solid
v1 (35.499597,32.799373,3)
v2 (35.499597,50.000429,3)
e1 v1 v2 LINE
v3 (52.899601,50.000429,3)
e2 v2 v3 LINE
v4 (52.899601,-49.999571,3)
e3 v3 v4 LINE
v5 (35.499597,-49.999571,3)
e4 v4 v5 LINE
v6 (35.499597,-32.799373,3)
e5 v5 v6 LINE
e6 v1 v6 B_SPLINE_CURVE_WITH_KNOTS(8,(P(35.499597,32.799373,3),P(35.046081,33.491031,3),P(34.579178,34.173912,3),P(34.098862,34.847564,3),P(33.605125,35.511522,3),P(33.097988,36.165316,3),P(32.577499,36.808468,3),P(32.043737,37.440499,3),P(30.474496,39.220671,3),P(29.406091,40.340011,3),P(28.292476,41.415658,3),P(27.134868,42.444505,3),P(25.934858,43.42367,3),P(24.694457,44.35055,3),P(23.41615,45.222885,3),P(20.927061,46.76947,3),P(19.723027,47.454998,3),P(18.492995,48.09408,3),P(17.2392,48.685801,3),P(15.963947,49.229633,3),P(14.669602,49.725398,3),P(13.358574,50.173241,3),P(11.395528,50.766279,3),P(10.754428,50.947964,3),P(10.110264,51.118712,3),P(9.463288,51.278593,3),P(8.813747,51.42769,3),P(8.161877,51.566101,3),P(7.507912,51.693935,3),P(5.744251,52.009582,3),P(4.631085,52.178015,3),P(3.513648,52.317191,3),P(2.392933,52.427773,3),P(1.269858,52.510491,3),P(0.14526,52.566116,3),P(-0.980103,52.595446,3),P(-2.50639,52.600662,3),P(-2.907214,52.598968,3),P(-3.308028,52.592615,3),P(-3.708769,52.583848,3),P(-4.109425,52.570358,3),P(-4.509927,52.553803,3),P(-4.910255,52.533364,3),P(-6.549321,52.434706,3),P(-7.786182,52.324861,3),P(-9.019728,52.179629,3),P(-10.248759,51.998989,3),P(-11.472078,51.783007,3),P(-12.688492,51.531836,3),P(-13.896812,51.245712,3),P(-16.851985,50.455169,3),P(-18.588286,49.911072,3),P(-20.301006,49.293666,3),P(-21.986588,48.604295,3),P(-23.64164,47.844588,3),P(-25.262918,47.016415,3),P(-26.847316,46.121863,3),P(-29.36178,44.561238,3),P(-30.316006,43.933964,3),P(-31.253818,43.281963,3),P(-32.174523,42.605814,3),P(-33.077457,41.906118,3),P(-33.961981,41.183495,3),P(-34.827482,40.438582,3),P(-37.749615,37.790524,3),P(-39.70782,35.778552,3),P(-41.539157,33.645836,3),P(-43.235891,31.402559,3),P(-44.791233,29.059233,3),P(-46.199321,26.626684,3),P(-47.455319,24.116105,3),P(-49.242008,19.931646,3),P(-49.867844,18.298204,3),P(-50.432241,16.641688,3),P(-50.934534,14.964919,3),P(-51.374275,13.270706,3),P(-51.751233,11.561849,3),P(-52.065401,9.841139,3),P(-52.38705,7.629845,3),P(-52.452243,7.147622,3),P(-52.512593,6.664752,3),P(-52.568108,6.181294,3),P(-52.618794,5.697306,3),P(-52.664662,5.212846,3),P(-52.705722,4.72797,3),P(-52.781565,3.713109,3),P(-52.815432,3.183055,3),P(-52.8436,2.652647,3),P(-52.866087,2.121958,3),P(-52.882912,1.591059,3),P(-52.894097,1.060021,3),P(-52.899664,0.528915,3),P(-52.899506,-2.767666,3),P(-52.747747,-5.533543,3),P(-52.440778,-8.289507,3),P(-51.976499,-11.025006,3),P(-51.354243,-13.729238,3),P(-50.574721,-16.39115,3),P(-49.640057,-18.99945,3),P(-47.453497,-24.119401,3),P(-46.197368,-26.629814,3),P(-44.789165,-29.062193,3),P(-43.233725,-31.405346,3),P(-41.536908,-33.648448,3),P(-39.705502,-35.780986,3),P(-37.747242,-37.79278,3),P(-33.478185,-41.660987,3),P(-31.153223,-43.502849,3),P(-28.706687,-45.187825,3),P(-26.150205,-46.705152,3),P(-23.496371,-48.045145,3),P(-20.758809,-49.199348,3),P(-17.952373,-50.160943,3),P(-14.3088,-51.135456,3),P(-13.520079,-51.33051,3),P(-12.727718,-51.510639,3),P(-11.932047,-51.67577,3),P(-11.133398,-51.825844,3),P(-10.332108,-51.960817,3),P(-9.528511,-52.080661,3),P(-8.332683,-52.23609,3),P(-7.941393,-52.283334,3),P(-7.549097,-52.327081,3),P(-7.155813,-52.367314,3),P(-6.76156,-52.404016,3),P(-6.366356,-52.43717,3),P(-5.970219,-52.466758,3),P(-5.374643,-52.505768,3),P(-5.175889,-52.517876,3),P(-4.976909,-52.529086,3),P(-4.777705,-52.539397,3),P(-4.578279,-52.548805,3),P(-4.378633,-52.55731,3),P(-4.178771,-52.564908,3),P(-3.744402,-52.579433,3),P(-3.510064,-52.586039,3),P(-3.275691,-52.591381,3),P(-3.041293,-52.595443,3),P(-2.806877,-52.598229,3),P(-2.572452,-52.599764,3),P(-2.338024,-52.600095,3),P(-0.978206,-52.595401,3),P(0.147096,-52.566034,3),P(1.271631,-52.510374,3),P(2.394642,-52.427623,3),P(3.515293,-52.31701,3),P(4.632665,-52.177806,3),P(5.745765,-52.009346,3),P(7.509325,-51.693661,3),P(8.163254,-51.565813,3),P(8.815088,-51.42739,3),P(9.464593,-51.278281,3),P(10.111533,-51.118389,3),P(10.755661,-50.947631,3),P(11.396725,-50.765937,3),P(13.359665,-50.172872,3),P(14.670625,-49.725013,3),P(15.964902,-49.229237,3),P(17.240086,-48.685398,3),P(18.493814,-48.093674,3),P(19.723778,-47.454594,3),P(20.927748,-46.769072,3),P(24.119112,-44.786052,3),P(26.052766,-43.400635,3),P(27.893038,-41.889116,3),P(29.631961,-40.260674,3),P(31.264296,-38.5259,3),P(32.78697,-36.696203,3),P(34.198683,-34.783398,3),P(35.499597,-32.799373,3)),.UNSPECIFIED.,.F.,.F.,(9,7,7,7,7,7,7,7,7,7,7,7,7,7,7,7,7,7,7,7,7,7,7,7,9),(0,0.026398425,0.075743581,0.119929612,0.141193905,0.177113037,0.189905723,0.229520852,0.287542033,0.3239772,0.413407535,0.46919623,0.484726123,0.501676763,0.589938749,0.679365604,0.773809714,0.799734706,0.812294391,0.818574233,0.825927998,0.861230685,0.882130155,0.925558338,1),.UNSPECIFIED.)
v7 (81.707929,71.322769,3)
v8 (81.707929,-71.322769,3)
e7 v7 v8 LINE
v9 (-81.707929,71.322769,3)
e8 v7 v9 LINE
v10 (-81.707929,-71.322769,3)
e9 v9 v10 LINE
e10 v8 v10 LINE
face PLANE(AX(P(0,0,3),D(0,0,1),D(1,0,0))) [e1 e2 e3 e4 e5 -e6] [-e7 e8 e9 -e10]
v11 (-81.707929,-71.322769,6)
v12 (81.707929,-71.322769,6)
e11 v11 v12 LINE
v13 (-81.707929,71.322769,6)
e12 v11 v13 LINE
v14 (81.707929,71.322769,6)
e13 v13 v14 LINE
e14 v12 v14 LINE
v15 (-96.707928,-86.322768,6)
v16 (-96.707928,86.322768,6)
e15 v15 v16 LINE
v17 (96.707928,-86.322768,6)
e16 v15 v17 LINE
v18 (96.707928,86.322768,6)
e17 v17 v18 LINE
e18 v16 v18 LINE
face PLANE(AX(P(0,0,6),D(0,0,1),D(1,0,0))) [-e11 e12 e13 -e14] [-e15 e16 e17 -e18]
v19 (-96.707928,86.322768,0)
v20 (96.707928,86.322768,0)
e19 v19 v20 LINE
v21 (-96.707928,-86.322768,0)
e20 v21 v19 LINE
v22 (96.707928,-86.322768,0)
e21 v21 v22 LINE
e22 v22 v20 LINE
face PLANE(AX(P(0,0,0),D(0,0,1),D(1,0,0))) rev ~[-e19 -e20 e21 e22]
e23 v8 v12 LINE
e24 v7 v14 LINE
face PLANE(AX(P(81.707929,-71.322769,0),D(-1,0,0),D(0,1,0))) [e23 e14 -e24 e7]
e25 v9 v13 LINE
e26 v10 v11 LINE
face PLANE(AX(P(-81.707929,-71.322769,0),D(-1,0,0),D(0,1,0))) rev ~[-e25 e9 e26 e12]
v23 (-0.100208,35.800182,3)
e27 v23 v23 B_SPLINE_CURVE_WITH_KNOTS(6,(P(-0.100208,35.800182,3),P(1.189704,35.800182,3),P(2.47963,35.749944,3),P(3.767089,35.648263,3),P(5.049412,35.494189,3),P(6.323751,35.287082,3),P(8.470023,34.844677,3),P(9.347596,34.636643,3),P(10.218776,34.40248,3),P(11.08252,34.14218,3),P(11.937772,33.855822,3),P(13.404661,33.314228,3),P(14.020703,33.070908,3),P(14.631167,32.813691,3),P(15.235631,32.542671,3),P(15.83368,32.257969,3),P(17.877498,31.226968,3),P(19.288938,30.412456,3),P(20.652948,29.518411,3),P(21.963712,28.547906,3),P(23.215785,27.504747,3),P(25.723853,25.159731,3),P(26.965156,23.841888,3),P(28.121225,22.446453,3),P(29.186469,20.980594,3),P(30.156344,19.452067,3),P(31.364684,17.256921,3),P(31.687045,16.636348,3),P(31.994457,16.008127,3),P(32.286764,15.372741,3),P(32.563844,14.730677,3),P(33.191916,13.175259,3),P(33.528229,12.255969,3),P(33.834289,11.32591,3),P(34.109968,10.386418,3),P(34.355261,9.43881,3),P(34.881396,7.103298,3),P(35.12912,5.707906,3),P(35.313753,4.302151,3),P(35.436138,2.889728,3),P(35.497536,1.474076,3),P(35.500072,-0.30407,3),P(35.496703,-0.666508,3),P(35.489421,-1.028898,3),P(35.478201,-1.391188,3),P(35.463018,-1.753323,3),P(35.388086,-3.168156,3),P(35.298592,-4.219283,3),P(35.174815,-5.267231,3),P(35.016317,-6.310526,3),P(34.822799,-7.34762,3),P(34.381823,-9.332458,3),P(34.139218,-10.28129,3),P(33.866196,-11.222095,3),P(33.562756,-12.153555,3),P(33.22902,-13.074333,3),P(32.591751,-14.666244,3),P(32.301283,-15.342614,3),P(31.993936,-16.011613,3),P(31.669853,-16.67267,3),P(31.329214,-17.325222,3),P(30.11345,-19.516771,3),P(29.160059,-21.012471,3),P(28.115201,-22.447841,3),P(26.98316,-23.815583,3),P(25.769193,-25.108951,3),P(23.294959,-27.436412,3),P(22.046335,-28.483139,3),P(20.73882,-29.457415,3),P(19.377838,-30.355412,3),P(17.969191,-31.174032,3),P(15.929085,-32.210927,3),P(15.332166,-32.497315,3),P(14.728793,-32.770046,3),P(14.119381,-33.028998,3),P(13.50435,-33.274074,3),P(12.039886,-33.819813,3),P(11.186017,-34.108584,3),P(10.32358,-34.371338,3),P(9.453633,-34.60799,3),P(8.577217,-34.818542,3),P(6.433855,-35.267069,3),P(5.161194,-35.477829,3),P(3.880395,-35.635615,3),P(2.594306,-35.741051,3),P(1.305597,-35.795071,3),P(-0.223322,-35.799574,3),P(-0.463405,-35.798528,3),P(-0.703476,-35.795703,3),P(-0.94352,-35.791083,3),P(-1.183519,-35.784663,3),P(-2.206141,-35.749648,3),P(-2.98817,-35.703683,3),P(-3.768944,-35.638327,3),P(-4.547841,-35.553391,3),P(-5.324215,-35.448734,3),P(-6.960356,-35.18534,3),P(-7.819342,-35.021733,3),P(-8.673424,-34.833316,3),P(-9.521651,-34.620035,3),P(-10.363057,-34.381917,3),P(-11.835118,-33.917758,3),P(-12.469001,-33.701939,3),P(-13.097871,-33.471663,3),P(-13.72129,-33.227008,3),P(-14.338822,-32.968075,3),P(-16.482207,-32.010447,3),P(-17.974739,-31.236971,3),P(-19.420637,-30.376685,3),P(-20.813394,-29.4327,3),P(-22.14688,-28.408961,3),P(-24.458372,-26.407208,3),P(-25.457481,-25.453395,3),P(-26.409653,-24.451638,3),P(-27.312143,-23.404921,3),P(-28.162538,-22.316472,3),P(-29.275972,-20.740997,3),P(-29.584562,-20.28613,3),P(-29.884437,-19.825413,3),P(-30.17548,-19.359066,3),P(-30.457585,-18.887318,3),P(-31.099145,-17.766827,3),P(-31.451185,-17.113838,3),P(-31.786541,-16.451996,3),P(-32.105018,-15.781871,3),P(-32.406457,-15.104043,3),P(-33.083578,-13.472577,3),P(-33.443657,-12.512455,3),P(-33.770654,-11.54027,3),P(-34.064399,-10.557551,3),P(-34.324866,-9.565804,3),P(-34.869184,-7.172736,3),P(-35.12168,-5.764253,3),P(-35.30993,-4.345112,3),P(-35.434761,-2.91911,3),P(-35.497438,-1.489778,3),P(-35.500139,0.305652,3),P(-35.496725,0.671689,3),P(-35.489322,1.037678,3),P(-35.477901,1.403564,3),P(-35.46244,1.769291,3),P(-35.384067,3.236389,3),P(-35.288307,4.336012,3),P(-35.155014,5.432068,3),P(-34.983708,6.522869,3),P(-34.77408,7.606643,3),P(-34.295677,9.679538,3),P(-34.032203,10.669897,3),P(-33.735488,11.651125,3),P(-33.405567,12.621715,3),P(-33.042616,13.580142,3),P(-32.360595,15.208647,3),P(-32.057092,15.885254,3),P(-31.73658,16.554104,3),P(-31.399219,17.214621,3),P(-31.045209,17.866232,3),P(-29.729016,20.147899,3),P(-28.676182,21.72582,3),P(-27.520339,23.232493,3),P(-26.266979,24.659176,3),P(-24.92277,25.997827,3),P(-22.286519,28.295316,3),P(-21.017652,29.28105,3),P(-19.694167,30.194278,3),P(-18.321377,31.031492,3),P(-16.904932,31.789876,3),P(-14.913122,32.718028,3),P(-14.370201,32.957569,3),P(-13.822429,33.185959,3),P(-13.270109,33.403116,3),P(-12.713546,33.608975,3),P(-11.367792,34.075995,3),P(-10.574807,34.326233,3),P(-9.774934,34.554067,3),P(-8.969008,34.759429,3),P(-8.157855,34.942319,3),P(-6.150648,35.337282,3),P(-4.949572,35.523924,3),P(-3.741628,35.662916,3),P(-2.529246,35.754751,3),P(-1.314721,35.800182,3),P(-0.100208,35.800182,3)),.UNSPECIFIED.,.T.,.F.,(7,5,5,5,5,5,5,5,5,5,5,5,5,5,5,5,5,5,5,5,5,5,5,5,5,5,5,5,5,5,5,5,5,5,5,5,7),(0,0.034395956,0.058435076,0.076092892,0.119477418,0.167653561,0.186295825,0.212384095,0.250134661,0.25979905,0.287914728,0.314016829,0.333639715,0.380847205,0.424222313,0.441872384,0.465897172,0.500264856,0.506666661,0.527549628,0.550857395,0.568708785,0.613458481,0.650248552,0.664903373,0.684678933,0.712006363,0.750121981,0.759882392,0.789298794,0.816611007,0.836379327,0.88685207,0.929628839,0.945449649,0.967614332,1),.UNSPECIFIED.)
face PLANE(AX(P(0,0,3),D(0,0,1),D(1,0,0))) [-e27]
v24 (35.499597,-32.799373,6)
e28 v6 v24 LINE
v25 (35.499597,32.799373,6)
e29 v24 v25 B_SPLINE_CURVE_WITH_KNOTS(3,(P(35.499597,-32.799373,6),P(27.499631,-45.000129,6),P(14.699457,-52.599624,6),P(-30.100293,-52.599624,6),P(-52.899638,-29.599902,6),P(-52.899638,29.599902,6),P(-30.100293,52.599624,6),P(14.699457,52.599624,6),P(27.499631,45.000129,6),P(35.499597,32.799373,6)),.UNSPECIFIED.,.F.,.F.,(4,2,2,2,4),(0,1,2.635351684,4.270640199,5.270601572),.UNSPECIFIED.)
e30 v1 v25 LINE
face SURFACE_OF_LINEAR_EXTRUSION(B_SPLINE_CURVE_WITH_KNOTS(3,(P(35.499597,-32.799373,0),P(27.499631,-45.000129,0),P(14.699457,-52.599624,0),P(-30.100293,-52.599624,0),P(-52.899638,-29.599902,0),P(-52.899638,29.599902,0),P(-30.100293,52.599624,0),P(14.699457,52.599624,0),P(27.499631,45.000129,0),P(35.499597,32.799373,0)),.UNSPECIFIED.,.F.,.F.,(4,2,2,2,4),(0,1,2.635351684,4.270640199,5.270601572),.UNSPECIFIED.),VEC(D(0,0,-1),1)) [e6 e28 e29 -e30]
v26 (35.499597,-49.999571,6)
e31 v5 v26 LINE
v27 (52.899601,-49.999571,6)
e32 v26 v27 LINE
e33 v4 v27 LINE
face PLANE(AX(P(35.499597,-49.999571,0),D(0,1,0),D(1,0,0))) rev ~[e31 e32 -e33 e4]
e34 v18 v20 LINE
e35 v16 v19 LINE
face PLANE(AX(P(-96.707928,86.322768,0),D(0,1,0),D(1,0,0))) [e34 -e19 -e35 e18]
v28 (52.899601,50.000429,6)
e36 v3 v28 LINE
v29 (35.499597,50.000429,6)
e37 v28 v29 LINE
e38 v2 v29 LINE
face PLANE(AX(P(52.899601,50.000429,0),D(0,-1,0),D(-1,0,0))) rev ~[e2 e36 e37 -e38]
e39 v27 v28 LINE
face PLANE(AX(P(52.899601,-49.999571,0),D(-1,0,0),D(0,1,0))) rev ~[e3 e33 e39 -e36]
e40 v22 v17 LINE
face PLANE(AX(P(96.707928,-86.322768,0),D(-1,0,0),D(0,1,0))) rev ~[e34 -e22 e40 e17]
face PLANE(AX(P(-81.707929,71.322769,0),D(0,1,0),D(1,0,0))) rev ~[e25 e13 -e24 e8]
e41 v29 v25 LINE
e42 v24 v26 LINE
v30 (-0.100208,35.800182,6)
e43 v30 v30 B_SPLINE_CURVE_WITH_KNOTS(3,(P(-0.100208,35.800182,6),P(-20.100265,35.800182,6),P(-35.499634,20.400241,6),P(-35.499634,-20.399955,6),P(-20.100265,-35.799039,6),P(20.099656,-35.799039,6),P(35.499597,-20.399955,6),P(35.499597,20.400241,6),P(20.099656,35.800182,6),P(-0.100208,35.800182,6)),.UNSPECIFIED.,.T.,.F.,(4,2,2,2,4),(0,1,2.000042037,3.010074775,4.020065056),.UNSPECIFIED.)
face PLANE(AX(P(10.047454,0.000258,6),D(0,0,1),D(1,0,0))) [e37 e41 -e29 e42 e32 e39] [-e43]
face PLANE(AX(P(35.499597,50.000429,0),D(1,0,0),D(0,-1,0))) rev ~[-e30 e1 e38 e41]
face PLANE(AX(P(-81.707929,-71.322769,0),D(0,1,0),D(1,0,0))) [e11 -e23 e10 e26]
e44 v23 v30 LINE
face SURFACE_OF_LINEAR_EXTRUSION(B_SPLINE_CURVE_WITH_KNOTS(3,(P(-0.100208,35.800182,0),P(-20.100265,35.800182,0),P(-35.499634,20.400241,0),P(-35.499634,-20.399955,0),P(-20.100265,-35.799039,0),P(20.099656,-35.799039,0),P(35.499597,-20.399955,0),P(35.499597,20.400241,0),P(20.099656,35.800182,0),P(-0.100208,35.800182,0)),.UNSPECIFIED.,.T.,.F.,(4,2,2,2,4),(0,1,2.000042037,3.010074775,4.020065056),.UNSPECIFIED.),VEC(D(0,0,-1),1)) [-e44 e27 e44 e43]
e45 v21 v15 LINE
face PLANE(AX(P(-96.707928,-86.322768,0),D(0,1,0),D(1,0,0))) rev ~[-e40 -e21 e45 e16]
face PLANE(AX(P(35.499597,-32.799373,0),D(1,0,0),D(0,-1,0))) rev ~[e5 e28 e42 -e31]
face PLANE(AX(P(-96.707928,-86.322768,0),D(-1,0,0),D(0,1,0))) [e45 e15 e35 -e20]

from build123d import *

# Parameters (mm, degrees)
F0_W     = 193.4158557523
F0_H     = 172.6455353569
F0_W_2   = 163.4158582486
F0_H_2   = 142.6455378532
F1_DEPTH = 3
F2_DEPTH = 6


with BuildPart() as f1:
    # F0 (on Top) → F1 (new body)
    with BuildSketch(Plane.XY):
        Rectangle(F0_W, F0_H)
        Rectangle(F0_W_2, F0_H_2, mode=Mode.SUBTRACT)
        Rectangle(F0_W_2, F0_H_2)
        with BuildLine():
            Line((35.4995967874, 50.0004287687), (52.8996007893, 50.0004287687))
            Line((52.8996007893, 50.0004287687), (52.8996007893, -49.9995712313))
            Line((52.8996007893, -49.9995712313), (35.4995967874, -49.9995712313))
            Line((35.4995967874, -49.9995712313), (35.4995967874, -32.7993734261))
            add(Edge.make_bspline(
                [(35.4995967874, -32.7993734261), (27.4996310889, -45.0001286306), (14.6994572947, -52.5996243987), (-2.3000767767, -52.5996243987)],
                knots=[0, 0, 0, 0, 1, 1, 1, 1], degree=3))
            add(Edge.make_bspline(
                [(-2.3000767767, -52.5996243987), (-30.1002934478, -52.5996243987), (-52.8996382893, -29.5999016691), (-52.8996382893, 0.0005716915)],
                knots=[0, 0, 0, 0, 1, 1, 1, 1], degree=3))
            add(Edge.make_bspline(
                [(-52.8996382893, 0.0005716915), (-52.8996382893, 29.5999016691), (-30.1002934478, 52.5996243987), (-2.3000767767, 52.5996243987)],
                knots=[0, 0, 0, 0, 1, 1, 1, 1], degree=3))
            add(Edge.make_bspline(
                [(-2.3000767767, 52.5996243987), (14.6994572947, 52.5996243987), (27.4996310889, 45.0001286306), (35.4995967874, 32.7993734261)],
                knots=[0, 0, 0, 0, 1, 1, 1, 1], degree=3))
            Line((35.4995967874, 32.7993734261), (35.4995967874, 50.0004287687))
        make_face(mode=Mode.SUBTRACT)
        with BuildLine():
            Line((52.8996007893, -49.9995712313), (52.8996007893, 50.0004287687))
            Line((52.8996007893, 50.0004287687), (35.4995967874, 50.0004287687))
            Line((35.4995967874, 50.0004287687), (35.4995967874, 32.7993734261))
            add(Edge.make_bspline(
                [(-2.3000767767, 52.5996243987), (14.6994572947, 52.5996243987), (27.4996310889, 45.0001286306), (35.4995967874, 32.7993734261)],
                knots=[0, 0, 0, 0, 1, 1, 1, 1], degree=3))
            add(Edge.make_bspline(
                [(-52.8996382893, 0.0005716915), (-52.8996382893, 29.5999016691), (-30.1002934478, 52.5996243987), (-2.3000767767, 52.5996243987)],
                knots=[0, 0, 0, 0, 1, 1, 1, 1], degree=3))
            add(Edge.make_bspline(
                [(-2.3000767767, -52.5996243987), (-30.1002934478, -52.5996243987), (-52.8996382893, -29.5999016691), (-52.8996382893, 0.0005716915)],
                knots=[0, 0, 0, 0, 1, 1, 1, 1], degree=3))
            add(Edge.make_bspline(
                [(35.4995967874, -32.7993734261), (27.4996310889, -45.0001286306), (14.6994572947, -52.5996243987), (-2.3000767767, -52.5996243987)],
                knots=[0, 0, 0, 0, 1, 1, 1, 1], degree=3))
            Line((35.4995967874, -32.7993734261), (35.4995967874, -49.9995712313))
            Line((35.4995967874, -49.9995712313), (52.8996007893, -49.9995712313))
        make_face()
        with BuildLine():
            add(Edge.make_bspline(
                [(35.4995967874, 0.0005716915), (35.4995967874, 20.4002412538), (20.0996556717, 35.8001823696), (-0.1002076941, 35.8001823696)],
                knots=[0, 0, 0, 0, 1, 1, 1, 1], degree=3))
            add(Edge.make_bspline(
                [(-0.1002076941, -35.7990389865), (20.0996556717, -35.7990389865), (35.4995967874, -20.3999554081), (35.4995967874, 0.0005716915)],
                knots=[0, 0, 0, 0, 1, 1, 1, 1], degree=3))
            add(Edge.make_bspline(
                [(-35.4996342874, 0.0005716915), (-35.4996342874, -20.3999554081), (-20.1002648632, -35.7990389865), (-0.1002076941, -35.7990389865)],
                knots=[0, 0, 0, 0, 1, 1, 1, 1], degree=3))
            add(Edge.make_bspline(
                [(-0.1002076941, 35.8001823696), (-20.1002648632, 35.8001823696), (-35.4996342874, 20.4002412538), (-35.4996342874, 0.0005716915)],
                knots=[0, 0, 0, 0, 1, 1, 1, 1], degree=3))
        make_face(mode=Mode.SUBTRACT)
        with BuildLine():
            add(Edge.make_bspline(
                [(-0.1002076941, -35.7990389865), (20.0996556717, -35.7990389865), (35.4995967874, -20.3999554081), (35.4995967874, 0.0005716915)],
                knots=[0, 0, 0, 0, 1, 1, 1, 1], degree=3))
            add(Edge.make_bspline(
                [(35.4995967874, 0.0005716915), (35.4995967874, 20.4002412538), (20.0996556717, 35.8001823696), (-0.1002076941, 35.8001823696)],
                knots=[0, 0, 0, 0, 1, 1, 1, 1], degree=3))
            add(Edge.make_bspline(
                [(-0.1002076941, 35.8001823696), (-20.1002648632, 35.8001823696), (-35.4996342874, 20.4002412538), (-35.4996342874, 0.0005716915)],
                knots=[0, 0, 0, 0, 1, 1, 1, 1], degree=3))
            add(Edge.make_bspline(
                [(-35.4996342874, 0.0005716915), (-35.4996342874, -20.3999554081), (-20.1002648632, -35.7990389865), (-0.1002076941, -35.7990389865)],
                knots=[0, 0, 0, 0, 1, 1, 1, 1], degree=3))
        make_face()
    extrude(amount=F1_DEPTH)

    # F0 (on Top) → F2 (join)
    with BuildSketch(Plane.XY):
        Rectangle(F0_W, F0_H)
        Rectangle(F0_W_2, F0_H_2, mode=Mode.SUBTRACT)
        with BuildLine():
            Line((52.8996007893, -49.9995712313), (52.8996007893, 50.0004287687))
            Line((52.8996007893, 50.0004287687), (35.4995967874, 50.0004287687))
            Line((35.4995967874, 50.0004287687), (35.4995967874, 32.7993734261))
            add(Edge.make_bspline(
                [(-2.3000767767, 52.5996243987), (14.6994572947, 52.5996243987), (27.4996310889, 45.0001286306), (35.4995967874, 32.7993734261)],
                knots=[0, 0, 0, 0, 1, 1, 1, 1], degree=3))
            add(Edge.make_bspline(
                [(-52.8996382893, 0.0005716915), (-52.8996382893, 29.5999016691), (-30.1002934478, 52.5996243987), (-2.3000767767, 52.5996243987)],
                knots=[0, 0, 0, 0, 1, 1, 1, 1], degree=3))
            add(Edge.make_bspline(
                [(-2.3000767767, -52.5996243987), (-30.1002934478, -52.5996243987), (-52.8996382893, -29.5999016691), (-52.8996382893, 0.0005716915)],
                knots=[0, 0, 0, 0, 1, 1, 1, 1], degree=3))
            add(Edge.make_bspline(
                [(35.4995967874, -32.7993734261), (27.4996310889, -45.0001286306), (14.6994572947, -52.5996243987), (-2.3000767767, -52.5996243987)],
                knots=[0, 0, 0, 0, 1, 1, 1, 1], degree=3))
            Line((35.4995967874, -32.7993734261), (35.4995967874, -49.9995712313))
            Line((35.4995967874, -49.9995712313), (52.8996007893, -49.9995712313))
        make_face()
        with BuildLine():
            add(Edge.make_bspline(
                [(35.4995967874, 0.0005716915), (35.4995967874, 20.4002412538), (20.0996556717, 35.8001823696), (-0.1002076941, 35.8001823696)],
                knots=[0, 0, 0, 0, 1, 1, 1, 1], degree=3))
            add(Edge.make_bspline(
                [(-0.1002076941, -35.7990389865), (20.0996556717, -35.7990389865), (35.4995967874, -20.3999554081), (35.4995967874, 0.0005716915)],
                knots=[0, 0, 0, 0, 1, 1, 1, 1], degree=3))
            add(Edge.make_bspline(
                [(-35.4996342874, 0.0005716915), (-35.4996342874, -20.3999554081), (-20.1002648632, -35.7990389865), (-0.1002076941, -35.7990389865)],
                knots=[0, 0, 0, 0, 1, 1, 1, 1], degree=3))
            add(Edge.make_bspline(
                [(-0.1002076941, 35.8001823696), (-20.1002648632, 35.8001823696), (-35.4996342874, 20.4002412538), (-35.4996342874, 0.0005716915)],
                knots=[0, 0, 0, 0, 1, 1, 1, 1], degree=3))
        make_face(mode=Mode.SUBTRACT)
    extrude(amount=F2_DEPTH)


solid = f1.part
